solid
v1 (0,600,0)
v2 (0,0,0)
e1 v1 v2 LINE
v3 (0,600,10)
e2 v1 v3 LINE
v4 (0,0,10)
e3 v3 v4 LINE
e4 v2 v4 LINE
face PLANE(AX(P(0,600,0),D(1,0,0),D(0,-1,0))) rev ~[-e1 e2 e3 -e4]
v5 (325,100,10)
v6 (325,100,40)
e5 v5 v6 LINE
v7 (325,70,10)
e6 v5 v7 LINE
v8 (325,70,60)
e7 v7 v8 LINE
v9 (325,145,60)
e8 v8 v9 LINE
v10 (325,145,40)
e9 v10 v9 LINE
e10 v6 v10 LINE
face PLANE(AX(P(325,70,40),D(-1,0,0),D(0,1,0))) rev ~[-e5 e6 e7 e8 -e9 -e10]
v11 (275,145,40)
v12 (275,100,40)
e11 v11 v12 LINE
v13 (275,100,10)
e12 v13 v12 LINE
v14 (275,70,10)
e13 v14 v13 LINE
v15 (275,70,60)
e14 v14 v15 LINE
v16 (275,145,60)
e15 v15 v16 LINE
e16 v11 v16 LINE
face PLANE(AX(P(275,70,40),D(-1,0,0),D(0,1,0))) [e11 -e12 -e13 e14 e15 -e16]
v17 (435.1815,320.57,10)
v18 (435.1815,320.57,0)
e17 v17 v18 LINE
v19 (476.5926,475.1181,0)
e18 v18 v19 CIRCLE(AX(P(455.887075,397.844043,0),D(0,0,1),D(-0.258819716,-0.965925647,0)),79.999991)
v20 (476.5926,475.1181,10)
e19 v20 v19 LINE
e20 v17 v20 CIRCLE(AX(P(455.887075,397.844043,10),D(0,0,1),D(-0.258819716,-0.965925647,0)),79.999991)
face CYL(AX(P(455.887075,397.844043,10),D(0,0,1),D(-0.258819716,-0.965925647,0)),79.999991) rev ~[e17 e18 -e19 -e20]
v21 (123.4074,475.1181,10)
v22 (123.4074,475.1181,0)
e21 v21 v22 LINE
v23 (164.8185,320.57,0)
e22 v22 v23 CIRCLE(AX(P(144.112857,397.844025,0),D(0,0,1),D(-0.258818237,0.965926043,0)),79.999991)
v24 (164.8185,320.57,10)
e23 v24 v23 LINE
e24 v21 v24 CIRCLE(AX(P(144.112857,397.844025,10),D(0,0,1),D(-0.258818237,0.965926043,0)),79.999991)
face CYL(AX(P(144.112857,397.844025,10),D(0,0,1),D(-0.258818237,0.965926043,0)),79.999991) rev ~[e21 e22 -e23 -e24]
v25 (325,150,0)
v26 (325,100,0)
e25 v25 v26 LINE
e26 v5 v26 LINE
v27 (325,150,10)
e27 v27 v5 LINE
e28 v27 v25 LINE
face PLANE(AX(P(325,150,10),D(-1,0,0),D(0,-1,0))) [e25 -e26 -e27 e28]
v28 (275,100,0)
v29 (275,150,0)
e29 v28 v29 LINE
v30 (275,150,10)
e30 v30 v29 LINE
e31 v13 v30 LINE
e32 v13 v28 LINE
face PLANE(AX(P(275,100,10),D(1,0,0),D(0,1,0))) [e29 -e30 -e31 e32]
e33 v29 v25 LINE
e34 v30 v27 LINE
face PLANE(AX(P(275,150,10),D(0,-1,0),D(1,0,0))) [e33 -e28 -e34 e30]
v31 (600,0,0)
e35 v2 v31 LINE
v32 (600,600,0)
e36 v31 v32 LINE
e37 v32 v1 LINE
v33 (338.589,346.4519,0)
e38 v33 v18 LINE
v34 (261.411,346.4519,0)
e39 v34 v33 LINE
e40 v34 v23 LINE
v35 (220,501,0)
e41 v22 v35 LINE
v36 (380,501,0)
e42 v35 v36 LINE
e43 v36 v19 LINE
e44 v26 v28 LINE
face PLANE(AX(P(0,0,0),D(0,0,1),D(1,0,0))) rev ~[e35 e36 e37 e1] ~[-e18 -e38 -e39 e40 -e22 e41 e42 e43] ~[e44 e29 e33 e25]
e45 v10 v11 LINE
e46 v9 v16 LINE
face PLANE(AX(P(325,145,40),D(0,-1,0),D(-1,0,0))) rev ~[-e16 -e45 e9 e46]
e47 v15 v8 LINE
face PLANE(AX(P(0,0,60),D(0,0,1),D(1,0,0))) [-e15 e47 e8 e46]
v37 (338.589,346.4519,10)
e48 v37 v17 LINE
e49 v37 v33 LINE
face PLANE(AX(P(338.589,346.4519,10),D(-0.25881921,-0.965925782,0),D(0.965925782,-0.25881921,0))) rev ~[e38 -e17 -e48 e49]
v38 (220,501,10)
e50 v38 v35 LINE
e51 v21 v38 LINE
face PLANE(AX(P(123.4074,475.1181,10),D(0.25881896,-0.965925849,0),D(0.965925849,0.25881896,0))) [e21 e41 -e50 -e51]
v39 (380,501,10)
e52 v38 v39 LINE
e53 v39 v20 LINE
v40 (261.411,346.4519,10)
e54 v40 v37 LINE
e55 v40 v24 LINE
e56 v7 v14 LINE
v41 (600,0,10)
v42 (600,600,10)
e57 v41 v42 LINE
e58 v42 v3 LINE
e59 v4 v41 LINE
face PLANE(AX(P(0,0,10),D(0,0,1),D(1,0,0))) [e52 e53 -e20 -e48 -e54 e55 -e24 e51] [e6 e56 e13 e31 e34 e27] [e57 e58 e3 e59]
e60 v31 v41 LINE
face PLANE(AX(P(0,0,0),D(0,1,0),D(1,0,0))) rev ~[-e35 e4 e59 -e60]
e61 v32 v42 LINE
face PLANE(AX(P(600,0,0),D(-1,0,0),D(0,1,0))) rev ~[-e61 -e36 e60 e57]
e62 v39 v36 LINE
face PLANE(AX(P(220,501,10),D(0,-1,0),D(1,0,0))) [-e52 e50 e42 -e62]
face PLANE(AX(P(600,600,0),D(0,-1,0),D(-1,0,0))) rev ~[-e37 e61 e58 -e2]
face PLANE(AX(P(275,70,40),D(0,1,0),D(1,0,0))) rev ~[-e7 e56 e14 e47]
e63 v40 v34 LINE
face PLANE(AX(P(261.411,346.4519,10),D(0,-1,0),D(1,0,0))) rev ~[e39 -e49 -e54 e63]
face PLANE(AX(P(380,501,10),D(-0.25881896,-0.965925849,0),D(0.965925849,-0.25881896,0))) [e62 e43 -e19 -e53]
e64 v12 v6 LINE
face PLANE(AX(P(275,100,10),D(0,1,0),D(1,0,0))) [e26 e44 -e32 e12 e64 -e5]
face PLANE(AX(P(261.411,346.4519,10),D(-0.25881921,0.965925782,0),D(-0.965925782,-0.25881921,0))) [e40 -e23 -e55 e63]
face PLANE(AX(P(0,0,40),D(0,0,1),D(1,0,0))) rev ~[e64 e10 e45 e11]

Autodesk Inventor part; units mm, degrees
ref_plane "YZ Plane" through (0, 0, 0) normal (1, 0, 0) x (0, 1, 0)
ref_plane "XZ Plane" through (0, 0, 0) normal (0, 1, 0) x (-1, 0, 0)
ref_plane "XY Plane" through (0, 0, 0) normal (0, 0, 1) x (1, 0, 0)
sketch "Sketch1" plane through (0, 0, 0) normal (0, 0, 1) x (1, 0, 0)
  line L0 (0, 0) -> (600, 0)
  line L1 (600, 0) -> (600, 600)
  line L2 (600, 600) -> (0, 600)
  line L3 (0, 600) -> (0, 0)
  dimension "d0" = 600
  dimension "d1" = 600
extrude "Extrusion1" add sketch "Sketch1" along normal blind 10
sketch "Sketch2" plane through (0, 0, 10) normal (0, 0, 1) x (1, 0, 0)
  line L0 (193.5, 368) -> (406.5, 368)
  line L1 (406.5, 368) -> (406.5, 481)
  line L2 (406.5, 481) -> (193.5, 481)
  line L3 (193.5, 481) -> (193.5, 368)
  line L4 (0, 600) -> (0, 0) projected
  line L5 (600, 600) -> (0, 600) projected
  dimension "d4" = 213
  dimension "d5" = 113
  dimension "d6" = 193.5
  dimension "d7" = 119
extrude "Extrusion2" cut sketch "Sketch2" against normal through all
sketch "Sketch3" plane through (0, 0, 10) normal (0, 0, 1) x (1, 0, 0)
  circle A0 centre (144.1129, 397.844) radius 80 construction
  circle A1 centre (455.8871, 397.844) radius 80 construction
  line L0 (220, 501) -> (380, 501)
  line L1 (380, 501) -> (338.589, 346.4519) construction
  line L2 (220, 501) -> (261.411, 346.4519) construction
  line L3 (261.411, 346.4519) -> (338.589, 346.4519)
  line L4 (123.4074, 475.1181) -> (220, 501)
  line L5 (261.411, 346.4519) -> (164.8185, 320.57)
  arc A2 (123.4074, 475.1181) -> (164.8185, 320.57) centre (144.1129, 397.844) ccw
  line L6 (380, 501) -> (476.5926, 475.1181)
  line L7 (338.589, 346.4519) -> (435.1815, 320.57)
  arc A3 (435.1815, 320.57) -> (476.5926, 475.1181) centre (455.8871, 397.844) ccw
  line L8 (193.5, 481) -> (406.5, 481) projected
  point P0 (0, 0)
  point P1 (424.4703, 324.271)
  point P2 (300, 481)
  point P3 (300, 501)
  dimension "d10" = 160
  dimension "d11" = 160
  dimension "d12" = 160
  dimension "d13" = 160
  dimension "d14" = 160
  dimension "d15" = 75
  dimension "d16" = 75
  dimension "d17" = 100
  dimension "d18" = 100
  dimension "d19" = 20
extrude "Extrusion3" cut sketch "Sketch3" against normal through all
sketch "Sketch4" plane through (0, 0, 10) normal (0, 0, 1) x (1, 0, 0)
  line L0 (275, 150) -> (325, 150)
  line L1 (325, 150) -> (325, 100)
  line L2 (325, 100) -> (275, 100)
  line L3 (275, 100) -> (275, 150)
  line L4 (0, 0) -> (600, 0) projected
  point P0 (300, 100)
  point P1 (300, 0)
  dimension "d22" = 50
  dimension "d23" = 50
  dimension "d24" = 100
extrude "Extrusion4" cut sketch "Sketch4" against normal through all
sketch "Sketch5" plane through (0, 0, 10) normal (0, 0, 1) x (1, 0, 0)
  line L0 (275, 100) -> (325, 100)
  line L1 (325, 100) -> (325, 70)
  line L2 (325, 70) -> (275, 70)
  line L3 (275, 70) -> (275, 100)
  point P0 (0, 0)
  dimension "d27" = 50
  dimension "d28" = 30
extrude "Extrusion5" add sketch "Sketch5" along normal blind 30
sketch "Sketch6" plane through (0, 0, 40) normal (0, 0, 1) x (1, 0, 0)
  line L0 (275, 70) -> (275, 100) projected
  line L1 (275, 70) -> (325, 70)
  line L2 (325, 70) -> (325, 145)
  line L3 (325, 145) -> (275, 145)
  line L4 (275, 145) -> (275, 70)
  point P0 (0, 0)
  dimension "d31" = 50
  dimension "d32" = 75
extrude "Extrusion6" add sketch "Sketch6" along normal blind 20
properties part number "Top Cover" material "ABS Plastic"
